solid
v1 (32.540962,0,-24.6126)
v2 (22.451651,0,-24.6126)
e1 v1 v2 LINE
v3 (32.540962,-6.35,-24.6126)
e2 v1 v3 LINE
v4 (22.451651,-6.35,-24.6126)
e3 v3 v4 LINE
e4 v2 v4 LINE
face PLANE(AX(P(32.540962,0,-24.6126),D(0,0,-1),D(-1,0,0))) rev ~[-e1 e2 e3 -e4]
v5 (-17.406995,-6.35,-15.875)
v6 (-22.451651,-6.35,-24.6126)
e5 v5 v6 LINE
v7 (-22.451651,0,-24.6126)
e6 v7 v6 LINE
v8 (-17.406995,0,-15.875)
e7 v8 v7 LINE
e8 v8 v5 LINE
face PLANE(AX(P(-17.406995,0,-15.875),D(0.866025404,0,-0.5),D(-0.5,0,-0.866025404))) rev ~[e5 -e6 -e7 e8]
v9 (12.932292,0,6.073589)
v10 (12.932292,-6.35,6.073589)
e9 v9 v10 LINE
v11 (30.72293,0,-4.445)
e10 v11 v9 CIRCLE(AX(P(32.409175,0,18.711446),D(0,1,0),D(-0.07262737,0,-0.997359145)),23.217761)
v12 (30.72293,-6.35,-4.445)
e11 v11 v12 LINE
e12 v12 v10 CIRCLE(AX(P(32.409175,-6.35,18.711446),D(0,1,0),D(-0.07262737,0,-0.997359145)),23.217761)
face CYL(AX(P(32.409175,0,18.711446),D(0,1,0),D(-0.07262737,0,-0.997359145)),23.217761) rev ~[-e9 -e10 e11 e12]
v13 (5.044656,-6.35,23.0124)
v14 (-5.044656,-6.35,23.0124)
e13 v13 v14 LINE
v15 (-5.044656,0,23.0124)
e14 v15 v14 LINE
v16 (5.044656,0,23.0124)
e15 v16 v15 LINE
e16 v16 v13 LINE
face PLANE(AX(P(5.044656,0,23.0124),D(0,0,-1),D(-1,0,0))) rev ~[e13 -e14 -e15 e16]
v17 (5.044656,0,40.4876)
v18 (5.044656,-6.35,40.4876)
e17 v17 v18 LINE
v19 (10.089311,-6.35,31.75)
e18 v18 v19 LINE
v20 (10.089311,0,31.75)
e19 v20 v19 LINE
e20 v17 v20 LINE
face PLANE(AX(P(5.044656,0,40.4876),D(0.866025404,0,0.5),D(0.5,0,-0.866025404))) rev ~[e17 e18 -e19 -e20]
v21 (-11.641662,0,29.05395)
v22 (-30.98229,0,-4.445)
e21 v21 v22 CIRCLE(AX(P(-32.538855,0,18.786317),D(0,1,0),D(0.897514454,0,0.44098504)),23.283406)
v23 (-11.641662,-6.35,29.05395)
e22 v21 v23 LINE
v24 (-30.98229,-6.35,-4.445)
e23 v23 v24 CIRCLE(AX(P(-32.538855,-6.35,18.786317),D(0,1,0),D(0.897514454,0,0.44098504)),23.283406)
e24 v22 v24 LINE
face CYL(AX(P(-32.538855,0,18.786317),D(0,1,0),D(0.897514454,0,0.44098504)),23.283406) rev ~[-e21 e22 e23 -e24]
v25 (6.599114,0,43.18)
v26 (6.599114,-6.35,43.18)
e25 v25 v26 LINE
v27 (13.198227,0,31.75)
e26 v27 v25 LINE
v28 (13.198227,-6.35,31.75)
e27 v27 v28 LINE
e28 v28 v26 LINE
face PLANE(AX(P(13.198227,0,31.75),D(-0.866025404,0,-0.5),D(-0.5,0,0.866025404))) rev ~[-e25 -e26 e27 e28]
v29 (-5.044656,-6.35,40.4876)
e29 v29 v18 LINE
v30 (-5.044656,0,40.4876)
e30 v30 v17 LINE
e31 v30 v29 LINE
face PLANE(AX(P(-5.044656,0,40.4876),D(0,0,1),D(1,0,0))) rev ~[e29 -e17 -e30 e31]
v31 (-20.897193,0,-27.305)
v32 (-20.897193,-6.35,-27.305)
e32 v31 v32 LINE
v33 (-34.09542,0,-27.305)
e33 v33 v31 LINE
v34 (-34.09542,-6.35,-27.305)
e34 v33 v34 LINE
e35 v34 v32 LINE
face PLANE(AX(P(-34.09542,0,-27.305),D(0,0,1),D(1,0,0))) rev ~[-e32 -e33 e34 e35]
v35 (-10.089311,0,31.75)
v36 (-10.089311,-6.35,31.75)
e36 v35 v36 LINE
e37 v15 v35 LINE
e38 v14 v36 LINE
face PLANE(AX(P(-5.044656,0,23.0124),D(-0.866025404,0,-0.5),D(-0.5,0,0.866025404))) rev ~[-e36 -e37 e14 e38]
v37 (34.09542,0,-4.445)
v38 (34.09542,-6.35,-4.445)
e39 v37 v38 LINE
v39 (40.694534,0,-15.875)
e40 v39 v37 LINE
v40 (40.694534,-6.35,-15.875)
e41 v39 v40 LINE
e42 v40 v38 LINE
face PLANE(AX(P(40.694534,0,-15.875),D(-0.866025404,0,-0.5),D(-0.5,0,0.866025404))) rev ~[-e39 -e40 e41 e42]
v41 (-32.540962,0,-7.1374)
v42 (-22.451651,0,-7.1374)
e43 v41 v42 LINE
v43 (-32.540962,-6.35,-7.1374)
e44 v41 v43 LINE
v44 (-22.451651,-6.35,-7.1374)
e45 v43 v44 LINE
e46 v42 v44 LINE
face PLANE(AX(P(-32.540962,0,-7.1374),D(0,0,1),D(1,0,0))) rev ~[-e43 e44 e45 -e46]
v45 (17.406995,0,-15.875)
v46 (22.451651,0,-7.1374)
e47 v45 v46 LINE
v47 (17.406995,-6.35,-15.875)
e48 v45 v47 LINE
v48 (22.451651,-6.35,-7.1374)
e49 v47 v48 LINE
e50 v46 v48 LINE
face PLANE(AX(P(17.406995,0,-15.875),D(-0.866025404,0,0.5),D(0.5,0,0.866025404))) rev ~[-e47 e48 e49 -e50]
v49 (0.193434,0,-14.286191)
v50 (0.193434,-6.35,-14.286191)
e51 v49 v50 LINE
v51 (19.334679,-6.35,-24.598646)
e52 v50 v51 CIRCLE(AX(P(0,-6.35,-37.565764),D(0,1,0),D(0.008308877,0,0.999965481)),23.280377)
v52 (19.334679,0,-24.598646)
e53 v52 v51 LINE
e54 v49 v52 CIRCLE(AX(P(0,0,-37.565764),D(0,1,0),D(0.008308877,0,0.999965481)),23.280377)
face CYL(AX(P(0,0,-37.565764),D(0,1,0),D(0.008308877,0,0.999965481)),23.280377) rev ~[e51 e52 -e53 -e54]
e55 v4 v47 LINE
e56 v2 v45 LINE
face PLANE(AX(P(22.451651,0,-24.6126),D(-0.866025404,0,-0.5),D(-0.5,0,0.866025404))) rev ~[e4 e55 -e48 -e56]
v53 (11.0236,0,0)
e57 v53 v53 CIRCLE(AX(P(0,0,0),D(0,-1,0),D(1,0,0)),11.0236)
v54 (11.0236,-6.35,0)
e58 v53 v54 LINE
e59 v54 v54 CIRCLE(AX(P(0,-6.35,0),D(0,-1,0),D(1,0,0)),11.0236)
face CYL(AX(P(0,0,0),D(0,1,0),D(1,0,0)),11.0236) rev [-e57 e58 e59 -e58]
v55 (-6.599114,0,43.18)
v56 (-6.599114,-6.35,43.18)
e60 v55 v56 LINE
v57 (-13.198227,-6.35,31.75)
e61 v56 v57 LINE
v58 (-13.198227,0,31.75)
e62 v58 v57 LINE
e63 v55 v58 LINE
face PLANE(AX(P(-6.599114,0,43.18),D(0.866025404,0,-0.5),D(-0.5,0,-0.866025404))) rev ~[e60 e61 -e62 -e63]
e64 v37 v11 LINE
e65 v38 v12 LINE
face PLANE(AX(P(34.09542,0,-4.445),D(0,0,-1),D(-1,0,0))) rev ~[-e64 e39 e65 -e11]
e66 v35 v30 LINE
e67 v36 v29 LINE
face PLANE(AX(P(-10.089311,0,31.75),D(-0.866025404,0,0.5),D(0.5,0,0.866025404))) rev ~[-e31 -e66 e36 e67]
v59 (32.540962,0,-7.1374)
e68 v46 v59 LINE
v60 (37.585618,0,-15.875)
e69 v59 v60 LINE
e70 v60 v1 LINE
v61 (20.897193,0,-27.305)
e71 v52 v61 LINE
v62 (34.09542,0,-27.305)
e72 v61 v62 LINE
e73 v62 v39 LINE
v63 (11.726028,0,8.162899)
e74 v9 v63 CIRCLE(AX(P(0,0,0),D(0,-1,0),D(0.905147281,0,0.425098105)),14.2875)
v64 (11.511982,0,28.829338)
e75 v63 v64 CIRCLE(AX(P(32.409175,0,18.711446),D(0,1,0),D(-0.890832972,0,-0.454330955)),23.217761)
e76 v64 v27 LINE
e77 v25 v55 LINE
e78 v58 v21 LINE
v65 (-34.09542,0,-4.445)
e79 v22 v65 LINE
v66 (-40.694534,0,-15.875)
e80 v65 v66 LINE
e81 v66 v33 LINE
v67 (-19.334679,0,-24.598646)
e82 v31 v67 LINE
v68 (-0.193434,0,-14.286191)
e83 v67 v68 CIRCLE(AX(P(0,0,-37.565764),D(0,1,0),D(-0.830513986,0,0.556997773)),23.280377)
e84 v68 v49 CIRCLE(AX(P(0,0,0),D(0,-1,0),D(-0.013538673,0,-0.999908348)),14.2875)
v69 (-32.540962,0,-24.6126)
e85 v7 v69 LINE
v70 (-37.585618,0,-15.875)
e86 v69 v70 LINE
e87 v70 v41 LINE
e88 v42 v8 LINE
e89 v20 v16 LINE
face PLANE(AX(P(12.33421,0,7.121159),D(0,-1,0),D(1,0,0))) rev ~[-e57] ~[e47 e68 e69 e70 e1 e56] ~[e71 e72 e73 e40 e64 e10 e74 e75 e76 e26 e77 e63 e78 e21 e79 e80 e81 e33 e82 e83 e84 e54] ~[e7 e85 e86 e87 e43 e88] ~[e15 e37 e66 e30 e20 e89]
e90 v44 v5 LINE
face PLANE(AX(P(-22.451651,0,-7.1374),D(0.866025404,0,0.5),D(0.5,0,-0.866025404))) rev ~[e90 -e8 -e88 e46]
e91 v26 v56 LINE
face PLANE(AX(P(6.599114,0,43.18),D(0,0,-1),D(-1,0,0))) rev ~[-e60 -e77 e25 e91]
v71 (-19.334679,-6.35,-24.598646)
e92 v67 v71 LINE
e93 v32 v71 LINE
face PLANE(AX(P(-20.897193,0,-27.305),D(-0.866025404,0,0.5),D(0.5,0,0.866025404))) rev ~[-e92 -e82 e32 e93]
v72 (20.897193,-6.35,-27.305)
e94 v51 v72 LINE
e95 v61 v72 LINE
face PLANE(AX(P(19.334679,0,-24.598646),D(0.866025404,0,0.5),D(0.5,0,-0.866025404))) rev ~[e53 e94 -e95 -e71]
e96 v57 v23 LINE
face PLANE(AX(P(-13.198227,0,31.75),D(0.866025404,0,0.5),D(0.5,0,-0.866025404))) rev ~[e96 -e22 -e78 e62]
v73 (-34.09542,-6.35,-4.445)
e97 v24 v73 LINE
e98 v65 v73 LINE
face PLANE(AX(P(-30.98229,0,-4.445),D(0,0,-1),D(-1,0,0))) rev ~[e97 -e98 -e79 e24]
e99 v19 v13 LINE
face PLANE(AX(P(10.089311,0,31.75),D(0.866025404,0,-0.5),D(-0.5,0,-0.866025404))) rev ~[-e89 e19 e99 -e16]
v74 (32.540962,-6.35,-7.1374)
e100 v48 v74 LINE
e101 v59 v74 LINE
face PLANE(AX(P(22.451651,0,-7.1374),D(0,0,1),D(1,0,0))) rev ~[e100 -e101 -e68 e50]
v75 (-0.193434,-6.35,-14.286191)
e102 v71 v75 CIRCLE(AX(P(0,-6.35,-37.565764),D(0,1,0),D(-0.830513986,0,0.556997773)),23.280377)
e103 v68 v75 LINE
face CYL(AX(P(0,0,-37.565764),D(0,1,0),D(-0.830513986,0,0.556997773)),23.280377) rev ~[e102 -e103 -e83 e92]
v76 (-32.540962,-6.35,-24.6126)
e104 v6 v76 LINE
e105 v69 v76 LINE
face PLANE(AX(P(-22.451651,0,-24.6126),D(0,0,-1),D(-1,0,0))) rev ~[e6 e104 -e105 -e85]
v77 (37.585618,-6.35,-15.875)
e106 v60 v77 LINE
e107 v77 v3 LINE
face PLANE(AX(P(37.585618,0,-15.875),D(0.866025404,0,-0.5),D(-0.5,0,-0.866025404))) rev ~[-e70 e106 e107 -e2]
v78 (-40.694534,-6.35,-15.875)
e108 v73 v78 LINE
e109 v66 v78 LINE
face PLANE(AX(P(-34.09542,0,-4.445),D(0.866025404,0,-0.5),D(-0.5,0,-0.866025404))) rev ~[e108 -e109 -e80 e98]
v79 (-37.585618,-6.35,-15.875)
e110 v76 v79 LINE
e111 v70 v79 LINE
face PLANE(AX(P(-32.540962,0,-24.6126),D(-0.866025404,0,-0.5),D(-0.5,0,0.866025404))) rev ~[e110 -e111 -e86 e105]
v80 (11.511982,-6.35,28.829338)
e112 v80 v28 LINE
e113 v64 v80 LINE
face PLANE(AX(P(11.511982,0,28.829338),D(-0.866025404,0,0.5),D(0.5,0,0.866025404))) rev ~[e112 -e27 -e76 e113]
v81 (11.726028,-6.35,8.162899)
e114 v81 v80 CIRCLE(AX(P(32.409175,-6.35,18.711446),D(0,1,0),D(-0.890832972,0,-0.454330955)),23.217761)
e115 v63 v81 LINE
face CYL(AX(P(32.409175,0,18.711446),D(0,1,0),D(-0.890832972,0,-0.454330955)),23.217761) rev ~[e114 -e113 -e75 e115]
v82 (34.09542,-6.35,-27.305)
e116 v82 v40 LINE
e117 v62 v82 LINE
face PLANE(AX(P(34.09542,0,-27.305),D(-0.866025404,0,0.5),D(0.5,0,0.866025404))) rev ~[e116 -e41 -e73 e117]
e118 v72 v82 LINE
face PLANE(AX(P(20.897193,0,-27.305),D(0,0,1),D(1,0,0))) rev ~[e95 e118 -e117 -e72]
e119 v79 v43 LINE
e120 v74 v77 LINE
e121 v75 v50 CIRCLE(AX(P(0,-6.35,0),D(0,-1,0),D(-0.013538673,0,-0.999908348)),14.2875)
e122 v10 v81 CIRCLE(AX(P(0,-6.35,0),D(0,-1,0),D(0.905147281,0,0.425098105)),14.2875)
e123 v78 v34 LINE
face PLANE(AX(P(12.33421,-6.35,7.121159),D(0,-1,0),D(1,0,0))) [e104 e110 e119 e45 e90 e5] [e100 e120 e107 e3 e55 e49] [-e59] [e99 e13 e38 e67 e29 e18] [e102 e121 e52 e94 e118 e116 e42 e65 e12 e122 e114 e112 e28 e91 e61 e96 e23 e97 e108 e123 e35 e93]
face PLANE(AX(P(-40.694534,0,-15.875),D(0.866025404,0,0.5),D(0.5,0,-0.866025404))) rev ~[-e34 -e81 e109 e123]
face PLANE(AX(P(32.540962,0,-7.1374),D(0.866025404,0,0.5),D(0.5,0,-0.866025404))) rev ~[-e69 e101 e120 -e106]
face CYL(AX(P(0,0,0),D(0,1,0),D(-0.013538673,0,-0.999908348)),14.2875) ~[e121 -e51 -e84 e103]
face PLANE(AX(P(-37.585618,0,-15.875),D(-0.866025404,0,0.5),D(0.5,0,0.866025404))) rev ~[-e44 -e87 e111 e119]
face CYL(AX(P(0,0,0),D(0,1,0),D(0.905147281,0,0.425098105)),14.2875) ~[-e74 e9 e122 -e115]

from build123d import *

# Parameters (mm, degrees)
F0_R     = 11.0236
F1_DEPTH = 6.35


with BuildPart() as f1:
    # F0 (on Front) → F1 (new body)
    with BuildSketch(Plane.XZ):
        with BuildLine():
            ThreePointArc((11.7260284113, 8.162898624), (12.3020045878, 7.1025656604), (12.9322917826, 6.0735891777))
            ThreePointArc((12.9322917826, 6.0735891777), (12.3733379566, 7.14375), (11.7260284113, 8.162898624))
        make_face()
        with BuildLine():
            ThreePointArc((-0.1934337782, -14.2861905217), (0, -14.2875), (0.1934337782, -14.2861905217))
            ThreePointArc((0.1934337782, -14.2861905217), (0, -14.2853868992), (-0.1934337782, -14.2861905217))
        make_face()
        with BuildLine():
            ThreePointArc((13.1982271537, 31.75), (12.3020045878, 30.3203264375), (11.5119822465, 28.8293381468))
            Line((11.5119822465, 28.8293381468), (13.1982271537, 31.75))
        make_face()
        with BuildLine():
            Line((-13.1982271537, 31.75), (-11.6416621117, 29.0539502619))
            ThreePointArc((-11.6416621117, 29.0539502619), (-12.3748344335, 30.4280195166), (-13.1982271537, 31.75))
        make_face()
        with BuildLine():
            Line((-20.8971929933, -27.305), (-19.3346786135, -24.5986457066))
            ThreePointArc((-19.3346786135, -24.5986457066), (-20.1613978096, -25.9255753518), (-20.8971929933, -27.305))
        make_face()
        with BuildLine():
            ThreePointArc((-34.095420147, -4.445), (-32.538855105, -4.4970887713), (-30.982290063, -4.445))
            Line((-30.982290063, -4.445), (-34.095420147, -4.445))
        make_face()
        with BuildLine():
            Line((34.095420147, -4.445), (30.7229303327, -4.445))
            ThreePointArc((30.7229303327, -4.445), (32.4091752398, -4.5063147282), (34.095420147, -4.445))
        make_face()
        with BuildLine():
            ThreePointArc((20.8971929933, -27.305), (20.1613978096, -25.9255753518), (19.3346786135, -24.5986457066))
            Line((19.3346786135, -24.5986457066), (20.8971929933, -27.305))
        make_face()
        with BuildLine():
            ThreePointArc((12.9322917826, 6.0735891777), (13.9445827312, 3.1114737188), (14.2875, 0))
            ThreePointArc((14.2875, 0), (10.1709473835, -10.0341659131), (0.1934337782, -14.2861905217))
            ThreePointArc((0.1934337782, -14.2861905217), (11.0418964123, -17.0705821153), (19.3346786135, -24.5986457066))
            Line((19.3346786135, -24.5986457066), (14.2980794165, -15.875))
            Line((14.2980794165, -15.875), (20.8971929933, -4.445))
            Line((20.8971929933, -4.445), (30.7229303327, -4.445))
            ThreePointArc((30.7229303327, -4.445), (20.5926749071, -1.2744173397), (12.9322917826, 6.0735891777))
        make_face()
        with BuildLine():
            ThreePointArc((-0.1934337782, -14.2861905217), (-12.619056447, 6.7001545234), (11.7260284113, 8.162898624))
            ThreePointArc((11.7260284113, 8.162898624), (9.1926596623, 18.4709882713), (11.5119822465, 28.8293381468))
            Line((11.5119822465, 28.8293381468), (6.5991135768, 20.32))
            Line((6.5991135768, 20.32), (-6.5991135768, 20.32))
            Line((-6.5991135768, 20.32), (-11.6416621117, 29.0539502619))
            ThreePointArc((-11.6416621117, 29.0539502619), (-12.3748344335, 7.1446139913), (-30.982290063, -4.445))
            Line((-30.982290063, -4.445), (-20.8971929933, -4.445))
            Line((-20.8971929933, -4.445), (-14.2980794165, -15.875))
            Line((-14.2980794165, -15.875), (-19.3346786135, -24.5986457066))
            ThreePointArc((-19.3346786135, -24.5986457066), (-11.0418964123, -17.0705821153), (-0.1934337782, -14.2861905217))
        make_face()
        with BuildLine():
            ThreePointArc((-20.8971929933, -27.305), (-20.1613978096, -25.9255753518), (-19.3346786135, -24.5986457066))
            Line((-19.3346786135, -24.5986457066), (-14.2980794165, -15.875))
            Line((-14.2980794165, -15.875), (-20.8971929933, -4.445))
            Line((-20.8971929933, -4.445), (-30.982290063, -4.445))
            ThreePointArc((-30.982290063, -4.445), (-32.538855105, -4.4970887713), (-34.095420147, -4.445))
            Line((-34.095420147, -4.445), (-40.6945337238, -15.875))
            Line((-40.6945337238, -15.875), (-34.095420147, -27.305))
            Line((-34.095420147, -27.305), (-20.8971929933, -27.305))
        make_face()
        Polygon((-22.4516508581, -24.6126), (-32.5409622822, -24.6126), (-37.5856179943, -15.875), (-32.5409622822, -7.1374), (-22.4516508581, -7.1374), (-17.406995146, -15.875), align=None, mode=Mode.SUBTRACT)
        with BuildLine():
            ThreePointArc((34.095420147, -4.445), (32.4091752398, -4.5063147282), (30.7229303327, -4.445))
            Line((30.7229303327, -4.445), (20.8971929933, -4.445))
            Line((20.8971929933, -4.445), (14.2980794165, -15.875))
            Line((14.2980794165, -15.875), (19.3346786135, -24.5986457066))
            ThreePointArc((19.3346786135, -24.5986457066), (20.1613978096, -25.9255753518), (20.8971929933, -27.305))
            Line((20.8971929933, -27.305), (34.095420147, -27.305))
            Line((34.095420147, -27.305), (40.6945337238, -15.875))
            Line((40.6945337238, -15.875), (34.095420147, -4.445))
        make_face()
        Polygon((32.5409622822, -7.1374), (37.5856179943, -15.875), (32.5409622822, -24.6126), (22.4516508581, -24.6126), (17.406995146, -15.875), (22.4516508581, -7.1374), align=None, mode=Mode.SUBTRACT)
        with BuildLine():
            ThreePointArc((0.1934337782, -14.2861905217), (10.1709473835, -10.0341659131), (14.2875, 0))
            ThreePointArc((14.2875, 0), (13.9445827312, 3.1114737188), (12.9322917826, 6.0735891777))
            ThreePointArc((12.9322917826, 6.0735891777), (12.3020045878, 7.1025656604), (11.7260284113, 8.162898624))
            ThreePointArc((11.7260284113, 8.162898624), (-12.619056447, 6.7001545234), (-0.1934337782, -14.2861905217))
            ThreePointArc((-0.1934337782, -14.2861905217), (0, -14.2853868992), (0.1934337782, -14.2861905217))
        make_face()
        Circle(F0_R, mode=Mode.SUBTRACT)
        with BuildLine():
            Line((6.5991135768, 20.32), (11.5119822465, 28.8293381468))
            ThreePointArc((11.5119822465, 28.8293381468), (12.3020045878, 30.3203264375), (13.1982271537, 31.75))
            Line((13.1982271537, 31.75), (6.5991135768, 43.18))
            Line((6.5991135768, 43.18), (-6.5991135768, 43.18))
            Line((-6.5991135768, 43.18), (-13.1982271537, 31.75))
            ThreePointArc((-13.1982271537, 31.75), (-12.3748344335, 30.4280195166), (-11.6416621117, 29.0539502619))
            Line((-11.6416621117, 29.0539502619), (-6.5991135768, 20.32))
            Line((-6.5991135768, 20.32), (6.5991135768, 20.32))
        make_face()
        Polygon((10.0893114241, 31.75), (5.0446557121, 23.0124), (-5.0446557121, 23.0124), (-10.0893114241, 31.75), (-5.0446557121, 40.4876), (5.0446557121, 40.4876), align=None, mode=Mode.SUBTRACT)
    extrude(amount=F1_DEPTH)


solid = f1.part
